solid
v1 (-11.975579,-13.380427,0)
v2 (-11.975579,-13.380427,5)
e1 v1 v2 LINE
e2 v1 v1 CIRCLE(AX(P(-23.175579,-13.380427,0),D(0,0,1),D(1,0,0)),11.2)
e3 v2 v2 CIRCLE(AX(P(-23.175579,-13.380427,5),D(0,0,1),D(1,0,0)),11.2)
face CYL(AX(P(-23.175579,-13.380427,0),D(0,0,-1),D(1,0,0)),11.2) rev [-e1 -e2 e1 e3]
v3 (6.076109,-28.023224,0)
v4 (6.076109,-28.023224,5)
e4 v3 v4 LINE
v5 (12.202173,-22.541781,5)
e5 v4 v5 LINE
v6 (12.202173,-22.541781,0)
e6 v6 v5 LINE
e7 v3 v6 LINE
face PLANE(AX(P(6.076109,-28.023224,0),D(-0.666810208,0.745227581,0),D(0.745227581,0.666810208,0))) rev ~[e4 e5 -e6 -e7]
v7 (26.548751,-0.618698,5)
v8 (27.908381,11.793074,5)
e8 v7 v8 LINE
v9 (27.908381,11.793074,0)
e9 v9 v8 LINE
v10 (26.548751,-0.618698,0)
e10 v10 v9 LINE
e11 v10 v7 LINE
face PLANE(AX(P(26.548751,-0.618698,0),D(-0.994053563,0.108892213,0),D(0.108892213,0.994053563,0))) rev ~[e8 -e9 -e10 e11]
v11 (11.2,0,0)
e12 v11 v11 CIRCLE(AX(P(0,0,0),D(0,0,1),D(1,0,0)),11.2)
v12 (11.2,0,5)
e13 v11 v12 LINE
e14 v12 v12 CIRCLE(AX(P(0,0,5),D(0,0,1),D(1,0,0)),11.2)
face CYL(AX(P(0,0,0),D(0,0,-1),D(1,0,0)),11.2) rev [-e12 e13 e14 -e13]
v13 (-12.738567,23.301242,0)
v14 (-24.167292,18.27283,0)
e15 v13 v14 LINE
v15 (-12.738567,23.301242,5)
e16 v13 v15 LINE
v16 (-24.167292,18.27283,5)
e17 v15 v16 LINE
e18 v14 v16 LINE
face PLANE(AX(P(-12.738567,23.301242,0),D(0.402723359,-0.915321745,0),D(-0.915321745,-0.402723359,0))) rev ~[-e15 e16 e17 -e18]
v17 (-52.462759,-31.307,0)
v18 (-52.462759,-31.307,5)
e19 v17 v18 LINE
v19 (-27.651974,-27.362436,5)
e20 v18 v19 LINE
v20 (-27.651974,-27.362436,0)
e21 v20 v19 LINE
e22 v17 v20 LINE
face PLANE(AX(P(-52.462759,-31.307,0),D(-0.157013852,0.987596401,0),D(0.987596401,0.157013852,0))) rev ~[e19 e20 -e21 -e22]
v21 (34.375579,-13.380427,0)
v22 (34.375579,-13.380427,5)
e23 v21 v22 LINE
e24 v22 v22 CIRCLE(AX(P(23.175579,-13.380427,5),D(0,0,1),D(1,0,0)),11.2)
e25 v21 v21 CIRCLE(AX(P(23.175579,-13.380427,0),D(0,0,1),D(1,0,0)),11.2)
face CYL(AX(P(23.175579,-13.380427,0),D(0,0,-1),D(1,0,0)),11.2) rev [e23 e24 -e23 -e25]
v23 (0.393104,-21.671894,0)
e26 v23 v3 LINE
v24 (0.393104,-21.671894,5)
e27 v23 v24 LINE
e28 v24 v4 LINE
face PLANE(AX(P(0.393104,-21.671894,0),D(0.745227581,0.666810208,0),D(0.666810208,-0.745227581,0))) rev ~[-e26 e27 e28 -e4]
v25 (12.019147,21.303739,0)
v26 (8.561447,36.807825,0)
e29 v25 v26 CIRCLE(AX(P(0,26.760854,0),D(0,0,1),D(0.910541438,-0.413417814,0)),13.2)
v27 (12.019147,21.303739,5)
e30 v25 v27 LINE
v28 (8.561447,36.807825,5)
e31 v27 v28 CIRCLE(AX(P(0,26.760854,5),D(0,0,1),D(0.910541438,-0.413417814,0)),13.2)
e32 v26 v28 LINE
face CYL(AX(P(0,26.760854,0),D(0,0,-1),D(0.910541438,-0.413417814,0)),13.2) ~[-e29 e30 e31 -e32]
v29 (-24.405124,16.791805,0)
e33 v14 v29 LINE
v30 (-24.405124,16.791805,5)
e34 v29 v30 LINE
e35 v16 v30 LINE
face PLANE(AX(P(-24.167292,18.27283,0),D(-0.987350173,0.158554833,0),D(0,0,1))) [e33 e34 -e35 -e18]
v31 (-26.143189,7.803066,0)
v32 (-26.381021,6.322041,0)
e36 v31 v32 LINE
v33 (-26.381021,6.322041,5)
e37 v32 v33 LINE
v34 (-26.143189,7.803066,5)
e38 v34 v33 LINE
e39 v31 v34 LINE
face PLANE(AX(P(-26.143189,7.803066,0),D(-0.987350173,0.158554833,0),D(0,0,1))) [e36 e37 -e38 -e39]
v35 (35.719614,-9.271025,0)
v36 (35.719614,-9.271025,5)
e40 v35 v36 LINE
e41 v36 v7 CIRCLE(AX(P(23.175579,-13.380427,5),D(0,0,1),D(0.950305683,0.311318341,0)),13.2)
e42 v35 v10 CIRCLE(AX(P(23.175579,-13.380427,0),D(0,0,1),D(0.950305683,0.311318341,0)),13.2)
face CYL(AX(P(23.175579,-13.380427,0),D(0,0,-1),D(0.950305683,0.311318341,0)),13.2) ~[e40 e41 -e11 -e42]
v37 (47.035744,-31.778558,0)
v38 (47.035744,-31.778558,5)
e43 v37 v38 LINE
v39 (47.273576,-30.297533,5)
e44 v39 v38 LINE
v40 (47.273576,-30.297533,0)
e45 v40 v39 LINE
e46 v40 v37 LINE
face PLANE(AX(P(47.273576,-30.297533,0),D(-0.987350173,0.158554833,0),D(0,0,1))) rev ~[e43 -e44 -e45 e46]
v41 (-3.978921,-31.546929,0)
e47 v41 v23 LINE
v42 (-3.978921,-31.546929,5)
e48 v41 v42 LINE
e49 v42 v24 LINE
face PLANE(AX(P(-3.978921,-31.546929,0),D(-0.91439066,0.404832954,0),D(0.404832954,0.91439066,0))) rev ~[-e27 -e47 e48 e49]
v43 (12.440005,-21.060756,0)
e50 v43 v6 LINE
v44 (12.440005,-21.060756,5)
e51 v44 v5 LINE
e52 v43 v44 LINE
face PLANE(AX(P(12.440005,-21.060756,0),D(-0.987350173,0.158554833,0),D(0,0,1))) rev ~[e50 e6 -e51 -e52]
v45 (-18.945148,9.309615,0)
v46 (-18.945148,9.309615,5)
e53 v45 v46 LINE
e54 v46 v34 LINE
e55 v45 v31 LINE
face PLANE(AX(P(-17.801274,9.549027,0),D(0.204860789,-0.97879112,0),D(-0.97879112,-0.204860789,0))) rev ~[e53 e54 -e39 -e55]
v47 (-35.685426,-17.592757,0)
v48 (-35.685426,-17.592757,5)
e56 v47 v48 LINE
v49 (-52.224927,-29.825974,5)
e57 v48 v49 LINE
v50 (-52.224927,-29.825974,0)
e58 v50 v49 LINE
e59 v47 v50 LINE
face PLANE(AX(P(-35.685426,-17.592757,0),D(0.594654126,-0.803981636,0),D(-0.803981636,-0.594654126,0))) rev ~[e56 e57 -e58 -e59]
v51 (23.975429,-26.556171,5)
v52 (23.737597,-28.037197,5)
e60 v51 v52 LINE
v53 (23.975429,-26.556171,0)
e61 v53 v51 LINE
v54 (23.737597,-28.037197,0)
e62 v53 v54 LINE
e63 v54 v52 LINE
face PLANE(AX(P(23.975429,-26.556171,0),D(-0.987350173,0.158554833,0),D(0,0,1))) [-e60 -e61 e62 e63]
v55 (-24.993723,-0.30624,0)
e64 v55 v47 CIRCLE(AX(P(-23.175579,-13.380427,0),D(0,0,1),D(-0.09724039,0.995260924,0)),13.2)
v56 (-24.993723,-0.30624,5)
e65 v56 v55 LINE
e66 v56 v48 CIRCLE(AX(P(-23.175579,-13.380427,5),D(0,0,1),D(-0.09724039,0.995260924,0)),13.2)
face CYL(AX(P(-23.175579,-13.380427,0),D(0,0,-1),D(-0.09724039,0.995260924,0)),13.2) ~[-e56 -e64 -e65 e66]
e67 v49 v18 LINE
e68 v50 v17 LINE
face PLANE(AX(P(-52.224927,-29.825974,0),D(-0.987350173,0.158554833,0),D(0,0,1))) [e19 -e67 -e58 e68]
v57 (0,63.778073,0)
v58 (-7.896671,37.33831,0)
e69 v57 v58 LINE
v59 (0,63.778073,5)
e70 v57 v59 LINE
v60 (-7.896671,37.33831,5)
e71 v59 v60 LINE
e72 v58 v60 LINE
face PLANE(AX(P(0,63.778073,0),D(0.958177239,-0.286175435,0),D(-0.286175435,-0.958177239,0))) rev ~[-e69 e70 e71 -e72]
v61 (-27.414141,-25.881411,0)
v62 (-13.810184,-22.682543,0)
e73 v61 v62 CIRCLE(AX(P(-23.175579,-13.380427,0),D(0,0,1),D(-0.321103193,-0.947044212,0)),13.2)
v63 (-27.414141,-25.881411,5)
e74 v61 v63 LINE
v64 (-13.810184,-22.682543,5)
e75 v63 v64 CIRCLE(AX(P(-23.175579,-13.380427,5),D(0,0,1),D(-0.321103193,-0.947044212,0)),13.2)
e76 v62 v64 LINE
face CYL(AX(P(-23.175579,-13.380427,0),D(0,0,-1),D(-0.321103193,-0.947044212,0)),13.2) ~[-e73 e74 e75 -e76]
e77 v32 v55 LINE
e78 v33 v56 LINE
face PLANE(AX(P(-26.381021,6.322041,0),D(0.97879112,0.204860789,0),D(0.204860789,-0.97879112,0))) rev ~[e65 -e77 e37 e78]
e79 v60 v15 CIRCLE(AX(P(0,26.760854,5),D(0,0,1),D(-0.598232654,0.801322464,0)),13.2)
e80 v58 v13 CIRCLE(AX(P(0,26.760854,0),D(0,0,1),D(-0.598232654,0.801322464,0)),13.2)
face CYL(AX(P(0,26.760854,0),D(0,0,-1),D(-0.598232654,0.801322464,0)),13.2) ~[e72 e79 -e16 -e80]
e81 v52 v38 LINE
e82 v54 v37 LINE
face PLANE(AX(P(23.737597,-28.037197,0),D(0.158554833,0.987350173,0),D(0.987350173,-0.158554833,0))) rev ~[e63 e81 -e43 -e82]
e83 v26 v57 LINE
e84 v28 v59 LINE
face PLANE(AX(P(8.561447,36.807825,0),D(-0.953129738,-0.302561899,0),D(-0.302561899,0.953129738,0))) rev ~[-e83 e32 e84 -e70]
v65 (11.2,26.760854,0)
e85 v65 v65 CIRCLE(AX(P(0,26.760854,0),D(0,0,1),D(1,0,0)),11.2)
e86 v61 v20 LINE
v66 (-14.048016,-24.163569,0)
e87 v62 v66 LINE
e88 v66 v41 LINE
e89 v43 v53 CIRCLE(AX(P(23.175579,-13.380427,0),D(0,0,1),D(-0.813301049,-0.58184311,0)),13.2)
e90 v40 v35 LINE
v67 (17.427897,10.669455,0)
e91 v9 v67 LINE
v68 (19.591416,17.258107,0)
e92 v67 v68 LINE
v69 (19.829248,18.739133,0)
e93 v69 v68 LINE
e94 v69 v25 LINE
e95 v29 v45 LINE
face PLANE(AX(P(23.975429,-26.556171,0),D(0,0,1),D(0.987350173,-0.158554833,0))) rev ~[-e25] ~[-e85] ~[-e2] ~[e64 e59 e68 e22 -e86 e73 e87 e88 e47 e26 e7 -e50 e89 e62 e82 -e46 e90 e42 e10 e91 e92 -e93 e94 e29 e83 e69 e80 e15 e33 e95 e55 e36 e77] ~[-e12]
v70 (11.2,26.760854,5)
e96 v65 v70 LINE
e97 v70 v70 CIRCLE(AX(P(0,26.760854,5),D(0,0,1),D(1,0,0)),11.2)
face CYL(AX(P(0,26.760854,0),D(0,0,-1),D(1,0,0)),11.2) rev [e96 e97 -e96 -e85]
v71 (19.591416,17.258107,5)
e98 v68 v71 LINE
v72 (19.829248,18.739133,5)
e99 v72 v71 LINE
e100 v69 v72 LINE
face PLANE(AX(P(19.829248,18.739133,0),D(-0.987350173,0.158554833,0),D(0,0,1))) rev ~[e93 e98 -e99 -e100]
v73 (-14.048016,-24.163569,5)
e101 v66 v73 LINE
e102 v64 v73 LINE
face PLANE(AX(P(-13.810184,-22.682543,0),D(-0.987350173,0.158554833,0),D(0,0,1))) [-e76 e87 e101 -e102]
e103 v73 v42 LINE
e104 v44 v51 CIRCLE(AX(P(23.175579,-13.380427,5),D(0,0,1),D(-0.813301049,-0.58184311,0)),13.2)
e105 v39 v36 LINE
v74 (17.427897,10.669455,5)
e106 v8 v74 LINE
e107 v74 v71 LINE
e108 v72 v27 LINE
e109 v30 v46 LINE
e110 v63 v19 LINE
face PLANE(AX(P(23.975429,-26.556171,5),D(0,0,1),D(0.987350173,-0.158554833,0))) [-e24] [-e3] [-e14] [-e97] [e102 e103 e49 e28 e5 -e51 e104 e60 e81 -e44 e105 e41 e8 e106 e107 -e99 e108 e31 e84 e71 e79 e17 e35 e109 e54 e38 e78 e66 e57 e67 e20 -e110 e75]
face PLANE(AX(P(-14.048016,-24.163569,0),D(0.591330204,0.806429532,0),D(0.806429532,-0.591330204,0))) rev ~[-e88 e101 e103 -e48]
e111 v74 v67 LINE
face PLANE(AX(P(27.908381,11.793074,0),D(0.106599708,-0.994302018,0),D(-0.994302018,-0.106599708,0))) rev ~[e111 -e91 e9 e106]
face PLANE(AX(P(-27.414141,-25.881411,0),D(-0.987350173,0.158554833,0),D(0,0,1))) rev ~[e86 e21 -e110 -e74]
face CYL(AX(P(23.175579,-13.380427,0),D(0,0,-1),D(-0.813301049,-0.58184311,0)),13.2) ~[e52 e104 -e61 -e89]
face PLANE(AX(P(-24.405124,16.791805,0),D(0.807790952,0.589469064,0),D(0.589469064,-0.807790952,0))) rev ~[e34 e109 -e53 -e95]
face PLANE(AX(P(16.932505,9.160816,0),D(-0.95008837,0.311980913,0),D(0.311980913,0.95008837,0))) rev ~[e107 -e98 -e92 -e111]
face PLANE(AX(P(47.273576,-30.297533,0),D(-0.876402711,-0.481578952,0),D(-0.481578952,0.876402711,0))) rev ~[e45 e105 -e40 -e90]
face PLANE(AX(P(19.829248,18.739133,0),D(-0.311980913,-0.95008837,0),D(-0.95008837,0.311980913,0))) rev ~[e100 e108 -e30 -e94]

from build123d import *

# Parameters (mm, degrees)
F0_R     = 11.2
F1_DEPTH = 5
F2_DEPTH = 1.5


with BuildPart() as f1:
    # F0 (on Top) → F1 (new body)
    with BuildSketch(Plane.XY):
        with BuildLine():
            Line((19.8292478766, 18.7391326068), (12.019146986, 21.3037386799))
            ThreePointArc((12.019146986, 21.3037386799), (12.8834926091, 29.6341129855), (8.5614465057, 36.807825198))
            ThreePointArc((8.5614465057, 36.807825198), (0.4252472579, 39.9540022295), (-7.8966710373, 37.3383103516))
            ThreePointArc((-7.8966710373, 37.3383103516), (-12.4785048645, 31.0651442851), (-12.7385668251, 23.3012418196))
            Line((-12.7385668251, 23.3012418196), (-24.16729182, 18.2728301734))
            Line((-24.16729182, 18.2728301734), (-17.8012736142, 9.5490273088))
            Line((-17.8012736142, 9.5490273088), (-26.1431888207, 7.8030660957))
            Line((-26.1431888207, 7.8030660957), (-24.4591523854, -0.2429827182))
            ThreePointArc((-24.4591523854, -0.2429827182), (-34.257920026, -6.2095327762), (-35.6854263912, -17.5927569437))
            ThreePointArc((-35.6854263912, -17.5927569437), (-32.5191731961, -22.7044417143), (-27.414141389, -25.8814105115))
            ThreePointArc((-27.414141389, -25.8814105115), (-20.154107372, -26.2299680627), (-13.8101839429, -22.6825433882))
            Line((-13.8101839429, -22.6825433882), (-3.7410892192, -30.0659037435))
            Line((-3.7410892192, -30.0659037435), (0.6309365762, -20.190868824))
            Line((0.6309365762, -20.190868824), (6.3139409441, -26.5421987025))
            Line((6.3139409441, -26.5421987025), (12.4400053994, -21.0607559617))
            ThreePointArc((12.4400053994, -21.0607559617), (17.4984717531, -25.2972406894), (23.9754292514, -26.5561712933))
            ThreePointArc((23.9754292514, -26.5561712933), (34.0938615727, -20.7987226024), (35.7196142534, -9.2710248144))
            ThreePointArc((35.7196142534, -9.2710248144), (32.2340037157, -3.7791277286), (26.5487507681, -0.6186984314))
            Line((26.5487507681, -0.6186984314), (27.9083810392, 11.7930735701))
            Line((27.9083810392, 11.7930735701), (17.170337038, 10.6418415152))
            Line((17.170337038, 10.6418415152), (19.8292478766, 18.7391326068))
        make_face()
        with Locations((-23.1755792411, -13.3804269135)):
            Circle(F0_R, mode=Mode.SUBTRACT)
        with Locations((23.1755792411, -13.3804269135)):
            Circle(F0_R, mode=Mode.SUBTRACT)
        Circle(F0_R, mode=Mode.SUBTRACT)
        with Locations((0, 26.760853827)):
            Circle(F0_R, mode=Mode.SUBTRACT)
        with BuildLine():
            ThreePointArc((-27.414141389, -25.8814105115), (-32.5191731961, -22.7044417143), (-35.6854263912, -17.5927569437))
            Line((-35.6854263912, -17.5927569437), (-52.2249266505, -29.8259742558))
            Line((-52.2249266505, -29.8259742558), (-27.414141389, -25.8814105115))
        make_face()
        with BuildLine():
            Line((47.2735762596, -30.2975326777), (35.7196142534, -9.2710248144))
            ThreePointArc((35.7196142534, -9.2710248144), (34.0938615727, -20.7987226024), (23.9754292514, -26.5561712933))
            Line((23.9754292514, -26.5561712933), (47.2735762596, -30.2975326777))
        make_face()
        with BuildLine():
            ThreePointArc((-7.8966710373, 37.3383103516), (0.4252472579, 39.9540022295), (8.5614465057, 36.807825198))
            Line((8.5614465057, 36.807825198), (0, 63.7780725956))
            Line((0, 63.7780725956), (-7.8966710373, 37.3383103516))
        make_face()
    extrude(amount=F1_DEPTH)

    # F2 (add): faces of the model
    f2_faces = [f1.faces().sort_by_distance(p)[0] for p in [
        (35.6245027555, -28.4268519855, 2.5),
        (41.4965952565, -19.784278746, 2.5),
        (18.4997924573, 14.690487061, 2.5),
        (4.2807232528, 50.2929488968, 2.5),
        (-39.8195340198, -27.8536923837, 2.5),
        (-1.5550763215, -25.1283862838, 2.5),
        (9.3769731717, -23.8014773321, 2.5),
        (-8.775636581, -26.3742235658, 2.5),
        (22.5393590386, 11.2174575427, 2.5),
        (27.2285659036, 5.5871875694, 2.5),
        (3.4724387602, -23.3665337633, 2.5),
        (-25.3011706031, 3.7800416887, 2.5),
        (-20.9842827171, 13.9109287411, 2.5),
        (-3.9483355186, 50.5581914736, 2.5),
        (-18.4529293226, 20.7870359965, 2.5),
        (-21.9722312174, 8.6760467023, 2.5),
        (15.9241974313, 20.0214356434, 2.5),
    ]]
    extrude(f2_faces, amount=F2_DEPTH, dir=(-0.1585548331, -0.9873501734, 0))


solid = f1.part
